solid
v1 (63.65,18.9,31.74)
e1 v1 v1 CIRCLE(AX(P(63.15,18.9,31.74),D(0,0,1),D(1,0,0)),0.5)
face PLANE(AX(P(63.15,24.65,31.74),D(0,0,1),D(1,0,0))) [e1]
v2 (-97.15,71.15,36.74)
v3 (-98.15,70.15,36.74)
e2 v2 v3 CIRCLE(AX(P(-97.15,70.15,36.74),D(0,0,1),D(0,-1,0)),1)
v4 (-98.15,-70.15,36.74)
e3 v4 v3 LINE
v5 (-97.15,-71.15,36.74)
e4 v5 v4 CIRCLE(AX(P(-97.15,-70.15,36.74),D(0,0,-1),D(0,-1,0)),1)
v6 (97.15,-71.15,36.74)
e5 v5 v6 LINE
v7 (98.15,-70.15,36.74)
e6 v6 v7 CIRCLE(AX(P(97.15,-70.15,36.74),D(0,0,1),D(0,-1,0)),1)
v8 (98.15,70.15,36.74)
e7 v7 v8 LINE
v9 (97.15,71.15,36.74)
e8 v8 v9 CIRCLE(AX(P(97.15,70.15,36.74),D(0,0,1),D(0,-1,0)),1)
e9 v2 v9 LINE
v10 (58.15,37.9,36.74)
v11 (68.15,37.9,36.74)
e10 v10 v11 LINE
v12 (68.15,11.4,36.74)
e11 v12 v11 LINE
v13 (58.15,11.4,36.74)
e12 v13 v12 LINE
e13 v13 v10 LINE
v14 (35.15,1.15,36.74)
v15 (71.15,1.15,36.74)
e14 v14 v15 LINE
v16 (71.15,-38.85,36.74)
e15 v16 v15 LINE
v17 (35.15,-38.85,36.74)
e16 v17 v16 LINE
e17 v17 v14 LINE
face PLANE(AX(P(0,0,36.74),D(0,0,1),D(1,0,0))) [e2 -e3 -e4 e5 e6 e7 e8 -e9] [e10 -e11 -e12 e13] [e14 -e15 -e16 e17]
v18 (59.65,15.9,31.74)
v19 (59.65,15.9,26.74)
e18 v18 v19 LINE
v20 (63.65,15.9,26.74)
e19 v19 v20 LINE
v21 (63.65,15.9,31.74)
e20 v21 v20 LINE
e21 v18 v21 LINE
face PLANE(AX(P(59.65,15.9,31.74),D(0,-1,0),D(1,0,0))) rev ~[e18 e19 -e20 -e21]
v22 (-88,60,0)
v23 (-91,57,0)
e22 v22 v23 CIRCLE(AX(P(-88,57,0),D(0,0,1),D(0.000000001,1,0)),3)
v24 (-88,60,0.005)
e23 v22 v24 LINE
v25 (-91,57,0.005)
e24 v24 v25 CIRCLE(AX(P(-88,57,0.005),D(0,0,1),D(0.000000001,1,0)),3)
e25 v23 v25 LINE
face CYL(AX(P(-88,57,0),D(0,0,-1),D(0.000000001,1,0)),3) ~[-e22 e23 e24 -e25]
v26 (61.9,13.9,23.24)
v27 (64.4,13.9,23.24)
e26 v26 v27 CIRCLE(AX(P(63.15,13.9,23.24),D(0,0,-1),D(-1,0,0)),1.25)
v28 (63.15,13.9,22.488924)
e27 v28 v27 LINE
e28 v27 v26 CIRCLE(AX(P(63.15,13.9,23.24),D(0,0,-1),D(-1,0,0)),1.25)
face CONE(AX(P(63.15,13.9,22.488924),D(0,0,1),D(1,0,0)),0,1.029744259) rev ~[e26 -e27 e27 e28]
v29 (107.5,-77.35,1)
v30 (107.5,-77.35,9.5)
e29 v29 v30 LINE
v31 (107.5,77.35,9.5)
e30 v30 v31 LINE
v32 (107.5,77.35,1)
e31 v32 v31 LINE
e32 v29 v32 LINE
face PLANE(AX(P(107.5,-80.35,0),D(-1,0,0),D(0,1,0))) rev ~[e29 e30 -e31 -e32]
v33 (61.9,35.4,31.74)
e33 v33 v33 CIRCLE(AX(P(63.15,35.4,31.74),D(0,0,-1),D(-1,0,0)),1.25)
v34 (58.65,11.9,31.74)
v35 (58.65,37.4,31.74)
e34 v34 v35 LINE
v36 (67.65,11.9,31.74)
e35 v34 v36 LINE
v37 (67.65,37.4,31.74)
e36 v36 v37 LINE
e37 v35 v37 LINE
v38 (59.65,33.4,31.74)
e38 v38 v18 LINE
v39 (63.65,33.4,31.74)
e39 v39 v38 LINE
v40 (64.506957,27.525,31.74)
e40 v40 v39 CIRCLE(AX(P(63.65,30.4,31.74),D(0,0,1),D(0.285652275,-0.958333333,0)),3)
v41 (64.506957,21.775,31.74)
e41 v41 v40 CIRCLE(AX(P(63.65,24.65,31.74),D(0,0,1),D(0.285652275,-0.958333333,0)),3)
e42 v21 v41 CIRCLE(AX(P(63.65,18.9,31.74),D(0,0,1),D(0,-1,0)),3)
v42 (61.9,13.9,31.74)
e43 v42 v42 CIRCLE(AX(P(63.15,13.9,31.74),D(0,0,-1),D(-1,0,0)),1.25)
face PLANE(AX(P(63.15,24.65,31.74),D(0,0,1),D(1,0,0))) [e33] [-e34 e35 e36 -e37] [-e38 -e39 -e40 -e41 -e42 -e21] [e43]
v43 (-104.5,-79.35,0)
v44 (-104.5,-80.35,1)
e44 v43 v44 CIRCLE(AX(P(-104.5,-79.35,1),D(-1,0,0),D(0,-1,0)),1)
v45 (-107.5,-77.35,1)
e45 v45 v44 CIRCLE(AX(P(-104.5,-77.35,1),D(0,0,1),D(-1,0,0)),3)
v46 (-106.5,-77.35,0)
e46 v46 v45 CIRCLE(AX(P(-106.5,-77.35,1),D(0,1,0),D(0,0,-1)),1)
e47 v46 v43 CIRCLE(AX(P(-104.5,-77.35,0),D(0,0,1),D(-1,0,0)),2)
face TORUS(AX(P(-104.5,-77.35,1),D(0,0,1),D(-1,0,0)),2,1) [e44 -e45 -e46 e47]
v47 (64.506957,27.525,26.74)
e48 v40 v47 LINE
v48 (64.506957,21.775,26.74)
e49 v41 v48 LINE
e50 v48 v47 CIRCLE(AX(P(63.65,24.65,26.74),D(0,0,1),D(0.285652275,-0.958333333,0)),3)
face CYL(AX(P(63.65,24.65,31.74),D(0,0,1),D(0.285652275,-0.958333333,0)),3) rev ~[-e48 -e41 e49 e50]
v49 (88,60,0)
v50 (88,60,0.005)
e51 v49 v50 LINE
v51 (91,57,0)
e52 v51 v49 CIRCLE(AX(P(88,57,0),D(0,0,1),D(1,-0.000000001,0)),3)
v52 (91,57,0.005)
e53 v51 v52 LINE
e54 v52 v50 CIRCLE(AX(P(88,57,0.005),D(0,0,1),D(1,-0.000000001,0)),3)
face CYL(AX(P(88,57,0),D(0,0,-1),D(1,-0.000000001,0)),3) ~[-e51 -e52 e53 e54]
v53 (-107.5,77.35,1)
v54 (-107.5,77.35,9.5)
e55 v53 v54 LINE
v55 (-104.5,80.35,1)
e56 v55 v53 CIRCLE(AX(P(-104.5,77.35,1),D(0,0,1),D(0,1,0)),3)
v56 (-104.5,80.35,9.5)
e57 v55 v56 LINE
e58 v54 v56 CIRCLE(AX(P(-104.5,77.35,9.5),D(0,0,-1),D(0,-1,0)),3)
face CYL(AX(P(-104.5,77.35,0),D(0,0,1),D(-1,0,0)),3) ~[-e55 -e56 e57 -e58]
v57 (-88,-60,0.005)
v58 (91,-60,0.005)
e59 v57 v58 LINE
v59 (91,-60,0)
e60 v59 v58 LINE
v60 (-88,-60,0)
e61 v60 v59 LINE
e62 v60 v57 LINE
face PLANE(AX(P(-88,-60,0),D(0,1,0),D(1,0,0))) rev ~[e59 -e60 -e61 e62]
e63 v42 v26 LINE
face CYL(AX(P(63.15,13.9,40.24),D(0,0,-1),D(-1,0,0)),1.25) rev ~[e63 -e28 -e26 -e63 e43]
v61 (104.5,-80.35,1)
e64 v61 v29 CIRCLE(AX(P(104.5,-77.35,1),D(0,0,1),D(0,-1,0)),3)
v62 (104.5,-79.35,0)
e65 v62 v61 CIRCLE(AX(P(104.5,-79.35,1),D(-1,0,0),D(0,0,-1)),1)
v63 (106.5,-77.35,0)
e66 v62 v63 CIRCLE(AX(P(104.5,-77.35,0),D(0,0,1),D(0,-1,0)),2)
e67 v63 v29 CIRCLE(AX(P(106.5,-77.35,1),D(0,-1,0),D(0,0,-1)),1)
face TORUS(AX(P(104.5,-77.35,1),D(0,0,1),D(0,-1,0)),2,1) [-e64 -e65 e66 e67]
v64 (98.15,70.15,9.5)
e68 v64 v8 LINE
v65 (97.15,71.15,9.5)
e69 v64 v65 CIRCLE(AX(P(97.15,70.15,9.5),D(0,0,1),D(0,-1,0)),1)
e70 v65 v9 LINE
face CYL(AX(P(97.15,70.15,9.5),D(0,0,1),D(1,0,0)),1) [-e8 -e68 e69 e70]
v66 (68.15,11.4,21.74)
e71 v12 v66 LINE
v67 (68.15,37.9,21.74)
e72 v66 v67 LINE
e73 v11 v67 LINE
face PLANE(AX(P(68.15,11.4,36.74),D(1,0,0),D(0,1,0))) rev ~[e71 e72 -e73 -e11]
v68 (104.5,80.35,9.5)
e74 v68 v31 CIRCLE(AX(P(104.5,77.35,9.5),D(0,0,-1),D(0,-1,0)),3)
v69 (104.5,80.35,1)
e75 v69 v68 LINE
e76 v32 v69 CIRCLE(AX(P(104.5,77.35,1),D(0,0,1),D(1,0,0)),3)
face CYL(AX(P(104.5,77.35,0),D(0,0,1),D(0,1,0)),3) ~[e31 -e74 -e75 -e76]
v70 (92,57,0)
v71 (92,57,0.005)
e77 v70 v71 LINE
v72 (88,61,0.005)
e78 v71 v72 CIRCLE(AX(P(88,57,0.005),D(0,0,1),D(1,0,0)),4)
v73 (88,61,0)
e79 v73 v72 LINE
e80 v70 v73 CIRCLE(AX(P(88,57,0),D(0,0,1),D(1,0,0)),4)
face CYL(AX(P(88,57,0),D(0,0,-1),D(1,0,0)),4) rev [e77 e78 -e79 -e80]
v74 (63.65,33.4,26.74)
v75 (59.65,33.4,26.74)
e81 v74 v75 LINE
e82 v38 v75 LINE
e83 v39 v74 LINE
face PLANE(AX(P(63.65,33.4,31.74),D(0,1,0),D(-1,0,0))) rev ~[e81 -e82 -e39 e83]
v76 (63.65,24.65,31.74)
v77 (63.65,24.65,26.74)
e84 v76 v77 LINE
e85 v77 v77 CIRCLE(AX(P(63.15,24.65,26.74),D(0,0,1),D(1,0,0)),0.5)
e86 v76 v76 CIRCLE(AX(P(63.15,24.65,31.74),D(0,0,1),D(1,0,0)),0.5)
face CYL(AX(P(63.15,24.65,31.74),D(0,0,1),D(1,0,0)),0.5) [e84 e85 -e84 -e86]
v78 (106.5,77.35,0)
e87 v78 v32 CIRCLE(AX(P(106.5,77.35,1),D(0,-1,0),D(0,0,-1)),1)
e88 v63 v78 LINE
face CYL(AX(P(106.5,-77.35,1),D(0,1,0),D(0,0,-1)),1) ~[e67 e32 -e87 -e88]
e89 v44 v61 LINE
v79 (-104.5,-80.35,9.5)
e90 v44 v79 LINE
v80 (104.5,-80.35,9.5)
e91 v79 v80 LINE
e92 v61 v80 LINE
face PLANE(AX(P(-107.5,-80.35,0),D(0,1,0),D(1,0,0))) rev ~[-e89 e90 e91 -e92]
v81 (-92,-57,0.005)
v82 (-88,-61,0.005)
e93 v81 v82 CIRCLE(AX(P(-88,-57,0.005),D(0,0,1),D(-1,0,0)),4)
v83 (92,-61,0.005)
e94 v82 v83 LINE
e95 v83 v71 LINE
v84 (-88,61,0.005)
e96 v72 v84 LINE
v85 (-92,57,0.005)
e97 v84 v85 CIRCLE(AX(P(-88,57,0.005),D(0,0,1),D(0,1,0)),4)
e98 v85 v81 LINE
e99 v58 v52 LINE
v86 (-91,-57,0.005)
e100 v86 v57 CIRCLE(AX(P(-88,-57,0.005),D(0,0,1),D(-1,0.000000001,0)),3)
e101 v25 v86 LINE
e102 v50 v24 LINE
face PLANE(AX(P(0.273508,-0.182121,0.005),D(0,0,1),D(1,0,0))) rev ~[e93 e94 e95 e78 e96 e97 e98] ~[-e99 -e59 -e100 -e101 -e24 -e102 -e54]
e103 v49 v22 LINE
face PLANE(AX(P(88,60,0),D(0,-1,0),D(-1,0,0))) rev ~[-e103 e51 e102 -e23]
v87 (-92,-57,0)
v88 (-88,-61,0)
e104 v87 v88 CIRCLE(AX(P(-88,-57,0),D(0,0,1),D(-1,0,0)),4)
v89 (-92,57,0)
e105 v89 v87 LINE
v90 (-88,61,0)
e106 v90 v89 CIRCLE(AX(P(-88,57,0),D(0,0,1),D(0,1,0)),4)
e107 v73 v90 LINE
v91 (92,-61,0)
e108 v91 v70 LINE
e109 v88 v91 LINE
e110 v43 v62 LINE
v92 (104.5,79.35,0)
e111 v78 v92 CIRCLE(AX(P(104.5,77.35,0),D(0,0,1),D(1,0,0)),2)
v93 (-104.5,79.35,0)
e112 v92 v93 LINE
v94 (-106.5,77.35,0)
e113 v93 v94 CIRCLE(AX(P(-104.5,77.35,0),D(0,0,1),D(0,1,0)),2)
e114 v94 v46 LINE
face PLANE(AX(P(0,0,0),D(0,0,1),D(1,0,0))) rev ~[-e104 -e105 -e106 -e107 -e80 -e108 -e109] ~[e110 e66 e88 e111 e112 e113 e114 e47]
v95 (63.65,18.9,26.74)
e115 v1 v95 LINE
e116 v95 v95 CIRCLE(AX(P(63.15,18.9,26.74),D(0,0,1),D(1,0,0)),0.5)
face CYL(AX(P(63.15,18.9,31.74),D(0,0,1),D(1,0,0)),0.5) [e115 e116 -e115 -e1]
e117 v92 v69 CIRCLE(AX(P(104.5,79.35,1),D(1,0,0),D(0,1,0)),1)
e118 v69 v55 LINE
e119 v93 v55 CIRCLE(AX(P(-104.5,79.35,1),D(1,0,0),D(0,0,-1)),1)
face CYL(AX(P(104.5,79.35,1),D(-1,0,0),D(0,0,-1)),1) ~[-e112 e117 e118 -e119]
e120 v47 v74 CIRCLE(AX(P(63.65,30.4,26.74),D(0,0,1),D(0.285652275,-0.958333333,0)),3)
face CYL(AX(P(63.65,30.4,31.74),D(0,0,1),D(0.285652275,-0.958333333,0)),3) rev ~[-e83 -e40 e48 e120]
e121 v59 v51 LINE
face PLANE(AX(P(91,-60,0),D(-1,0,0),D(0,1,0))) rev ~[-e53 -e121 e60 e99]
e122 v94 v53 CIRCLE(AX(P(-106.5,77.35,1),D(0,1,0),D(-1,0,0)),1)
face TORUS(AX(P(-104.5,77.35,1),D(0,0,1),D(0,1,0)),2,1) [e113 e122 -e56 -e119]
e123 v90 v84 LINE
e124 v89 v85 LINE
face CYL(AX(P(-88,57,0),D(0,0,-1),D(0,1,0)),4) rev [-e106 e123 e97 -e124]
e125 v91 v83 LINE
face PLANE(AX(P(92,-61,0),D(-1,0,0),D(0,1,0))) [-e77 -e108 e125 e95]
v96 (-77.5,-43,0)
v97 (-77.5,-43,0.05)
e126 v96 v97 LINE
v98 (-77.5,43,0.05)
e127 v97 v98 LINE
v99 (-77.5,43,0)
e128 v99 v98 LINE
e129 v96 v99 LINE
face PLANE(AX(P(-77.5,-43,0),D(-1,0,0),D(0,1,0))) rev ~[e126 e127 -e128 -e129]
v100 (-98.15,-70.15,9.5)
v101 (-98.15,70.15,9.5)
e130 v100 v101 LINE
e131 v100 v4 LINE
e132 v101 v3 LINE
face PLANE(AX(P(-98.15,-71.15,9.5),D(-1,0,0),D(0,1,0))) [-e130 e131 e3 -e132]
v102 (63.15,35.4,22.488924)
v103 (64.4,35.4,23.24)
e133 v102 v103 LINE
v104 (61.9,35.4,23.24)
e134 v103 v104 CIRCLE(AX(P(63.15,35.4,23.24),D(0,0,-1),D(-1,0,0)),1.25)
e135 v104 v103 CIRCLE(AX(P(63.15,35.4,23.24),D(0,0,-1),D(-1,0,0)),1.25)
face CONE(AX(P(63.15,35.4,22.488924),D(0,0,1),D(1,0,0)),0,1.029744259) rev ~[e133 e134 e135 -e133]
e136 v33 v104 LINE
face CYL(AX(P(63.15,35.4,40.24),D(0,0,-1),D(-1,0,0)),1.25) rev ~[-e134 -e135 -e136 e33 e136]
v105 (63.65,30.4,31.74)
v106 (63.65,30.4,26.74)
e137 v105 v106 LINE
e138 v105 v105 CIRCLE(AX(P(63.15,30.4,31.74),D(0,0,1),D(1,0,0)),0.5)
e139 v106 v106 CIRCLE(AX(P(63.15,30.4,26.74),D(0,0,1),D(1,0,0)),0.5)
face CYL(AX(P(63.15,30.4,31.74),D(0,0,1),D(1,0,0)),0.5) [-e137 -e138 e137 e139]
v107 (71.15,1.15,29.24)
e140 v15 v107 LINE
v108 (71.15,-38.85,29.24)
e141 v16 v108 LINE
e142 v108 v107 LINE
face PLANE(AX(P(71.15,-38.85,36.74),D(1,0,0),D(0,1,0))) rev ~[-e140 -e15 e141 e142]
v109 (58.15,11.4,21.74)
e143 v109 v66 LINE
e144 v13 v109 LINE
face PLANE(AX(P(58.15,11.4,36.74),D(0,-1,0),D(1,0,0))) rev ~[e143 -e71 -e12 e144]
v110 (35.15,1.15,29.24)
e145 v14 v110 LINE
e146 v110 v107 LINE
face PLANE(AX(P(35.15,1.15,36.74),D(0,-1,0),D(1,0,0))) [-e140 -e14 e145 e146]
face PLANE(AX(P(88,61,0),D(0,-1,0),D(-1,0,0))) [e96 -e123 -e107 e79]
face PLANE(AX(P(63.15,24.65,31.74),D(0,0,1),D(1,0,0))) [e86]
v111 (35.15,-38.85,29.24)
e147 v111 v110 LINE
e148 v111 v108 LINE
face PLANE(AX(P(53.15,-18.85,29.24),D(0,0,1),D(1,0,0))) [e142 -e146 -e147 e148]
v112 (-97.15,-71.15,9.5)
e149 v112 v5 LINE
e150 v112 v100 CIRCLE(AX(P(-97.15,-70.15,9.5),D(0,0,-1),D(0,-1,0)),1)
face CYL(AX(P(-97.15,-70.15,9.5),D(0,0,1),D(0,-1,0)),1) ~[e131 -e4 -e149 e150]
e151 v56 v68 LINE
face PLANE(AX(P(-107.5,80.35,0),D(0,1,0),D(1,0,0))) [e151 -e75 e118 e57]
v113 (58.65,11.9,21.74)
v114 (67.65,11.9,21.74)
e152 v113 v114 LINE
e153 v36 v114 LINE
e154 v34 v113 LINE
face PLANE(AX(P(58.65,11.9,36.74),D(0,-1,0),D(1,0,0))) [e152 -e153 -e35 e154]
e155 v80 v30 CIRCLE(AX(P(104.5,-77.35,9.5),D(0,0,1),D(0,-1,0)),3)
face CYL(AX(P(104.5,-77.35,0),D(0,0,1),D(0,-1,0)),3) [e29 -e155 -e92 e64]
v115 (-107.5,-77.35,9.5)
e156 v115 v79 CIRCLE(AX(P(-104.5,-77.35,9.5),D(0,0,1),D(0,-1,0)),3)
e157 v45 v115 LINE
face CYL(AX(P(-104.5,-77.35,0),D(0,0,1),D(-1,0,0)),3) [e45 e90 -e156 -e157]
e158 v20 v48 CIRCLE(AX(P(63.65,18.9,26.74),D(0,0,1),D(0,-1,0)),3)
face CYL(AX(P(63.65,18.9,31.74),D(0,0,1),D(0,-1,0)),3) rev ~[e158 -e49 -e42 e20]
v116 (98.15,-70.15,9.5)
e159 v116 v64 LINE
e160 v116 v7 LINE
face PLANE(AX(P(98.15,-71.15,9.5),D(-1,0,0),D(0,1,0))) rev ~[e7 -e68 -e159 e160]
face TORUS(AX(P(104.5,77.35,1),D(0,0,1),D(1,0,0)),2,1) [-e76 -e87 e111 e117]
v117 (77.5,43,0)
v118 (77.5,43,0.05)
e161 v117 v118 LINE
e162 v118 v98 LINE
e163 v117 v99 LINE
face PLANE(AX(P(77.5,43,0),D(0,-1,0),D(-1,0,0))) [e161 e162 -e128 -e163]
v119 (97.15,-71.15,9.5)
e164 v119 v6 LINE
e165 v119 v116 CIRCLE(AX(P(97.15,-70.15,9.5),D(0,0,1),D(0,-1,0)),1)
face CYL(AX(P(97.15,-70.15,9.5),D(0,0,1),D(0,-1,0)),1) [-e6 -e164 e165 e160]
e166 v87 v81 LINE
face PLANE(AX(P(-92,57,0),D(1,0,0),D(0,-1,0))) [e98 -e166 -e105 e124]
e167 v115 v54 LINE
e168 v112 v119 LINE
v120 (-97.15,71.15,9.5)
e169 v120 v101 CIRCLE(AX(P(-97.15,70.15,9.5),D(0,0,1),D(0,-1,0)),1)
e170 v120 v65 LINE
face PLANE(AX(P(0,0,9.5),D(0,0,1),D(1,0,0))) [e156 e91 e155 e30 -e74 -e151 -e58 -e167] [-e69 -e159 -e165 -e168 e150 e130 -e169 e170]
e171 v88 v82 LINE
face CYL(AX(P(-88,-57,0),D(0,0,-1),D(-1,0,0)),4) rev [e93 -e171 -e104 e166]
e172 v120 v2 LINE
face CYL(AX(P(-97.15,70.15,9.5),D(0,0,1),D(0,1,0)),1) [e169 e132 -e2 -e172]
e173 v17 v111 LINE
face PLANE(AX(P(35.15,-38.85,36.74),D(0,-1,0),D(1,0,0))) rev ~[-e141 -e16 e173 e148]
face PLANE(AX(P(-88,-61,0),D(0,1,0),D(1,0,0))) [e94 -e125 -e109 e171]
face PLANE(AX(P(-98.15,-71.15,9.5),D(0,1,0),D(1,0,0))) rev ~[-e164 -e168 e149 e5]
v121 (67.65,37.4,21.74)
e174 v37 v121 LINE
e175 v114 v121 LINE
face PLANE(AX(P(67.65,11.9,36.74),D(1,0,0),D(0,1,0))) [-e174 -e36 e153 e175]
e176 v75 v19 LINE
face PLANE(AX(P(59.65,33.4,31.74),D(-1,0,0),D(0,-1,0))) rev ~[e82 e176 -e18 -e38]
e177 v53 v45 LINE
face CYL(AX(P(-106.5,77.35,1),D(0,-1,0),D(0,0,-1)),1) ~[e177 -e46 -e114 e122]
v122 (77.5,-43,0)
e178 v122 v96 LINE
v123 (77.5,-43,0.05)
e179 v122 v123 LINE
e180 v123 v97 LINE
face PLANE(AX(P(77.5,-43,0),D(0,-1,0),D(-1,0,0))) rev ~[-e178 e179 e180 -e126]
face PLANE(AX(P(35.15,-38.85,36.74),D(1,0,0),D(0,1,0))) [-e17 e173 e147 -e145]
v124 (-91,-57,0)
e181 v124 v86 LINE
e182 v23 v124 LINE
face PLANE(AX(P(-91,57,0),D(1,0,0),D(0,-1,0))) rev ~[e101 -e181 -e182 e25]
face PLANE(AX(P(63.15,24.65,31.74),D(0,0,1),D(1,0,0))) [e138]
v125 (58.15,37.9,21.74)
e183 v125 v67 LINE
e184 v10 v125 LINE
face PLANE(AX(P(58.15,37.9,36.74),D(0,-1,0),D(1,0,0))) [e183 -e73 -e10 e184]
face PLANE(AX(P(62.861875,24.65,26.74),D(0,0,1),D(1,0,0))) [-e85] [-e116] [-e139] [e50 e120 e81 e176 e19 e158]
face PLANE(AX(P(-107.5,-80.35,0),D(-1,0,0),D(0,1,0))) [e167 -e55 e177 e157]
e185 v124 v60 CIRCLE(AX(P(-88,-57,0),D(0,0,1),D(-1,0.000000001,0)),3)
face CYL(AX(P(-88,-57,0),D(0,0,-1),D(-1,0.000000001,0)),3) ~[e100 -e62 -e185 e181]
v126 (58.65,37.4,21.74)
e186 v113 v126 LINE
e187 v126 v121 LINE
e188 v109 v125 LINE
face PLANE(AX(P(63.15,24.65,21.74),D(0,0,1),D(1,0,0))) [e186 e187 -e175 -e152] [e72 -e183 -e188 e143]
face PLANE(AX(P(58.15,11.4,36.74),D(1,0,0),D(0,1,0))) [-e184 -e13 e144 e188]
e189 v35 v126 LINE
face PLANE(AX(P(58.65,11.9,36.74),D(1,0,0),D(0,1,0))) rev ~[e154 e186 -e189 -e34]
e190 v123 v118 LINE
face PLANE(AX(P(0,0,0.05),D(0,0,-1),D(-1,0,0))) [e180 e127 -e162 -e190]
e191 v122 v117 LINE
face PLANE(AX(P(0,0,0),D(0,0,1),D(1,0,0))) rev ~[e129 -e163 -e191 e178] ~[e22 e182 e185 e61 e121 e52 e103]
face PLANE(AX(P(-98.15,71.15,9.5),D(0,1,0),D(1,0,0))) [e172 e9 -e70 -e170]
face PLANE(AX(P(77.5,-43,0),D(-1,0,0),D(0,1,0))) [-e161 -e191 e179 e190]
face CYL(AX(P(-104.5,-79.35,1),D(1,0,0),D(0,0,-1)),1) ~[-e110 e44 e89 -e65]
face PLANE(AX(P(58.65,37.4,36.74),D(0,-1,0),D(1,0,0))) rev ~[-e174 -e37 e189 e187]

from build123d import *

# Parameters (mm, degrees)
IZIM1_W                     = 215
IZIM1_H                     = 160.7
Y_KSEKLIK_EKSTR_ZYON1_DEPTH = 9.5
IZIM2_W                     = 196.3
IZIM2_H                     = 142.3
Y_KSEKLIK_EKSTR_ZYON2_DEPTH = 27.24
IZIM3_W                     = 10
IZIM3_H                     = 26.5
IZIM3_W_2                   = 9
IZIM3_H_2                   = 25.5
KES_EKSTR_ZYON1_DEPTH       = 15
IZIM4_W                     = 9
IZIM4_H                     = 25.5
KES_EKSTR_ZYON2_DEPTH       = 5
IZIM5_R                     = 0.5
KES_EKSTR_ZYON3_DEPTH       = 5
M3_DI_LI_DELIK1_D           = 2.5
M3_DI_LI_DELIK1_DEPTH       = 8.5
M3_DI_LI_DELIK1_TIP         = 0.751075774
IZIM8_W                     = 155
IZIM8_H                     = 86
KES_EKSTR_ZYON4_DEPTH       = 0.05
KES_EKSTR_ZYON5_DEPTH       = 0.005
RADYUS1_R                   = 3
RADYUS2_R                   = 1
IZIM10_W                    = 36
IZIM10_H                    = 40
KES_EKSTR_ZYON6_DEPTH       = 7.5
RADYUS3_R                   = 1


with BuildPart() as part:
    # Çizim1 → Yükseklik-Ekstrüzyon1 (new body)
    with BuildSketch(Plane.XY):
        Rectangle(IZIM1_W, IZIM1_H)
    extrude(amount=Y_KSEKLIK_EKSTR_ZYON1_DEPTH)

    # Çizim2 → Yükseklik-Ekstrüzyon2 (add)
    with BuildSketch(Plane.XY.offset(9.5)):
        Rectangle(IZIM2_W, IZIM2_H)
    extrude(amount=Y_KSEKLIK_EKSTR_ZYON2_DEPTH)

    # Çizim3 → Kes-Ekstrüzyon1 (cut)
    with BuildSketch(Plane.XY.offset(36.74)):
        with Locations((63.15, 24.65)):
            Rectangle(IZIM3_W, IZIM3_H)
        with Locations((63.15, 24.65)):
            Rectangle(IZIM3_W_2, IZIM3_H_2, mode=Mode.SUBTRACT)
    extrude(amount=-KES_EKSTR_ZYON1_DEPTH, mode=Mode.SUBTRACT)

    # Çizim4 → Kes-Ekstrüzyon2 (cut)
    with BuildSketch(Plane.XY.offset(36.74)):
        with Locations((63.15, 24.65)):
            Rectangle(IZIM4_W, IZIM4_H)
    extrude(amount=-KES_EKSTR_ZYON2_DEPTH, mode=Mode.SUBTRACT)

    # Çizim5 → Kes-Ekstrüzyon3 (cut)
    with BuildSketch(Plane.XY.offset(31.74)):
        with BuildLine():
            Line((59.65, 33.4), (59.65, 15.9))
            Line((59.65, 15.9), (63.65, 15.9))
            ThreePointArc((63.65, 15.9), (66.618585522, 18.466987298), (64.506956825, 21.775))
            ThreePointArc((64.506956825, 21.775), (66.65, 24.65), (64.506956825, 27.525))
            ThreePointArc((64.506956825, 27.525), (66.618585522, 30.833012702), (63.65, 33.4))
            Line((63.65, 33.4), (59.65, 33.4))
        make_face()
        with Locations((63.15, 30.4)):
            Circle(IZIM5_R, mode=Mode.SUBTRACT)
        with Locations((63.15, 18.9)):
            Circle(IZIM5_R, mode=Mode.SUBTRACT)
        with Locations((63.15, 24.65)):
            Circle(IZIM5_R, mode=Mode.SUBTRACT)
    extrude(amount=-KES_EKSTR_ZYON3_DEPTH, mode=Mode.SUBTRACT)

    # M3 Dişli Delik1
    with Locations(Plane.XY.offset(31.74)):
        with Locations((63.15, 35.4), (63.15, 13.9)):
            Hole(M3_DI_LI_DELIK1_D / 2, depth=M3_DI_LI_DELIK1_DEPTH)
            with Locations((0, 0, -(M3_DI_LI_DELIK1_DEPTH + M3_DI_LI_DELIK1_TIP / 2))):  # 118° drill point
                Cone(0, M3_DI_LI_DELIK1_D / 2, M3_DI_LI_DELIK1_TIP, mode=Mode.SUBTRACT)

    # Çizim8 → Kes-Ekstrüzyon4 (cut)
    with BuildSketch(Plane(origin=(0, 0, 0), x_dir=(-1, 0, 0), z_dir=(0, 0, -1))):
        Rectangle(IZIM8_W, IZIM8_H)
    extrude(amount=-KES_EKSTR_ZYON4_DEPTH, mode=Mode.SUBTRACT)

    # Çizim9 → Kes-Ekstrüzyon5 (cut)
    with BuildSketch(Plane(origin=(0, 0, 0), x_dir=(-1, 0, 0), z_dir=(0, 0, -1))):
        with BuildLine():
            Line((-88, 61), (88, 61))
            ThreePointArc((88, 61), (90.828427125, 59.828427125), (92, 57))
            Line((92, 57), (92, -57))
            ThreePointArc((92, -57), (90.828427125, -59.828427125), (88, -61))
            Line((88, -61), (-92, -61))
            Line((-92, -61), (-92, 57))
            ThreePointArc((-92, 57), (-90.828427125, 59.828427125), (-88, 61))
        make_face()
        with BuildLine():
            Line((-88, 60), (88, 60))
            ThreePointArc((88, 60), (90.121320344, 59.121320344), (91, 57))
            Line((91, 57), (91, -57))
            ThreePointArc((91, -57), (90.121320344, -59.121320344), (88, -60))
            Line((88, -60), (-91, -60))
            Line((-91, -60), (-91, 57))
            ThreePointArc((-91, 57), (-90.121320344, 59.121320344), (-88, 60))
        make_face(mode=Mode.SUBTRACT)
    extrude(amount=-KES_EKSTR_ZYON5_DEPTH, mode=Mode.SUBTRACT)

    # Radyus1
    radyus1_edges = [part.edges().sort_by_distance(p)[0] for p in [
        (107.5, -80.35, 4.75),
        (-107.5, -80.35, 4.75),
        (-107.5, 80.35, 4.75),
        (107.5, 80.35, 4.75),
    ]]
    fillet(radyus1_edges, radius=RADYUS1_R)

    # Radyus2
    radyus2_edges = [part.edges().sort_by_distance(p)[0] for p in [
        (107.5, 0, 0),
        (0, -80.35, 0),
        (-107.5, 0, 0),
        (0, 80.35, 0),
        (106.621320344, 79.471320344, 0),
        (-106.621320344, 79.471320344, 0),
        (-106.621320344, -79.471320344, 0),
        (106.621320344, -79.471320344, 0),
    ]]
    fillet(radyus2_edges, radius=RADYUS2_R)

    # Çizim10 → Kes-Ekstrüzyon6 (cut)
    with BuildSketch(Plane.XY.offset(36.74)):
        with Locations((53.15, -18.85)):
            Rectangle(IZIM10_W, IZIM10_H)
    extrude(amount=-KES_EKSTR_ZYON6_DEPTH, mode=Mode.SUBTRACT)

    # Radyus3
    radyus3_edges = [part.edges().sort_by_distance(p)[0] for p in [
        (98.15, -71.15, 23.12),
        (98.15, 71.15, 23.12),
        (-98.15, 71.15, 23.12),
        (-98.15, -71.15, 23.12),
    ]]
    fillet(radyus3_edges, radius=RADYUS3_R)


solid = part.part
